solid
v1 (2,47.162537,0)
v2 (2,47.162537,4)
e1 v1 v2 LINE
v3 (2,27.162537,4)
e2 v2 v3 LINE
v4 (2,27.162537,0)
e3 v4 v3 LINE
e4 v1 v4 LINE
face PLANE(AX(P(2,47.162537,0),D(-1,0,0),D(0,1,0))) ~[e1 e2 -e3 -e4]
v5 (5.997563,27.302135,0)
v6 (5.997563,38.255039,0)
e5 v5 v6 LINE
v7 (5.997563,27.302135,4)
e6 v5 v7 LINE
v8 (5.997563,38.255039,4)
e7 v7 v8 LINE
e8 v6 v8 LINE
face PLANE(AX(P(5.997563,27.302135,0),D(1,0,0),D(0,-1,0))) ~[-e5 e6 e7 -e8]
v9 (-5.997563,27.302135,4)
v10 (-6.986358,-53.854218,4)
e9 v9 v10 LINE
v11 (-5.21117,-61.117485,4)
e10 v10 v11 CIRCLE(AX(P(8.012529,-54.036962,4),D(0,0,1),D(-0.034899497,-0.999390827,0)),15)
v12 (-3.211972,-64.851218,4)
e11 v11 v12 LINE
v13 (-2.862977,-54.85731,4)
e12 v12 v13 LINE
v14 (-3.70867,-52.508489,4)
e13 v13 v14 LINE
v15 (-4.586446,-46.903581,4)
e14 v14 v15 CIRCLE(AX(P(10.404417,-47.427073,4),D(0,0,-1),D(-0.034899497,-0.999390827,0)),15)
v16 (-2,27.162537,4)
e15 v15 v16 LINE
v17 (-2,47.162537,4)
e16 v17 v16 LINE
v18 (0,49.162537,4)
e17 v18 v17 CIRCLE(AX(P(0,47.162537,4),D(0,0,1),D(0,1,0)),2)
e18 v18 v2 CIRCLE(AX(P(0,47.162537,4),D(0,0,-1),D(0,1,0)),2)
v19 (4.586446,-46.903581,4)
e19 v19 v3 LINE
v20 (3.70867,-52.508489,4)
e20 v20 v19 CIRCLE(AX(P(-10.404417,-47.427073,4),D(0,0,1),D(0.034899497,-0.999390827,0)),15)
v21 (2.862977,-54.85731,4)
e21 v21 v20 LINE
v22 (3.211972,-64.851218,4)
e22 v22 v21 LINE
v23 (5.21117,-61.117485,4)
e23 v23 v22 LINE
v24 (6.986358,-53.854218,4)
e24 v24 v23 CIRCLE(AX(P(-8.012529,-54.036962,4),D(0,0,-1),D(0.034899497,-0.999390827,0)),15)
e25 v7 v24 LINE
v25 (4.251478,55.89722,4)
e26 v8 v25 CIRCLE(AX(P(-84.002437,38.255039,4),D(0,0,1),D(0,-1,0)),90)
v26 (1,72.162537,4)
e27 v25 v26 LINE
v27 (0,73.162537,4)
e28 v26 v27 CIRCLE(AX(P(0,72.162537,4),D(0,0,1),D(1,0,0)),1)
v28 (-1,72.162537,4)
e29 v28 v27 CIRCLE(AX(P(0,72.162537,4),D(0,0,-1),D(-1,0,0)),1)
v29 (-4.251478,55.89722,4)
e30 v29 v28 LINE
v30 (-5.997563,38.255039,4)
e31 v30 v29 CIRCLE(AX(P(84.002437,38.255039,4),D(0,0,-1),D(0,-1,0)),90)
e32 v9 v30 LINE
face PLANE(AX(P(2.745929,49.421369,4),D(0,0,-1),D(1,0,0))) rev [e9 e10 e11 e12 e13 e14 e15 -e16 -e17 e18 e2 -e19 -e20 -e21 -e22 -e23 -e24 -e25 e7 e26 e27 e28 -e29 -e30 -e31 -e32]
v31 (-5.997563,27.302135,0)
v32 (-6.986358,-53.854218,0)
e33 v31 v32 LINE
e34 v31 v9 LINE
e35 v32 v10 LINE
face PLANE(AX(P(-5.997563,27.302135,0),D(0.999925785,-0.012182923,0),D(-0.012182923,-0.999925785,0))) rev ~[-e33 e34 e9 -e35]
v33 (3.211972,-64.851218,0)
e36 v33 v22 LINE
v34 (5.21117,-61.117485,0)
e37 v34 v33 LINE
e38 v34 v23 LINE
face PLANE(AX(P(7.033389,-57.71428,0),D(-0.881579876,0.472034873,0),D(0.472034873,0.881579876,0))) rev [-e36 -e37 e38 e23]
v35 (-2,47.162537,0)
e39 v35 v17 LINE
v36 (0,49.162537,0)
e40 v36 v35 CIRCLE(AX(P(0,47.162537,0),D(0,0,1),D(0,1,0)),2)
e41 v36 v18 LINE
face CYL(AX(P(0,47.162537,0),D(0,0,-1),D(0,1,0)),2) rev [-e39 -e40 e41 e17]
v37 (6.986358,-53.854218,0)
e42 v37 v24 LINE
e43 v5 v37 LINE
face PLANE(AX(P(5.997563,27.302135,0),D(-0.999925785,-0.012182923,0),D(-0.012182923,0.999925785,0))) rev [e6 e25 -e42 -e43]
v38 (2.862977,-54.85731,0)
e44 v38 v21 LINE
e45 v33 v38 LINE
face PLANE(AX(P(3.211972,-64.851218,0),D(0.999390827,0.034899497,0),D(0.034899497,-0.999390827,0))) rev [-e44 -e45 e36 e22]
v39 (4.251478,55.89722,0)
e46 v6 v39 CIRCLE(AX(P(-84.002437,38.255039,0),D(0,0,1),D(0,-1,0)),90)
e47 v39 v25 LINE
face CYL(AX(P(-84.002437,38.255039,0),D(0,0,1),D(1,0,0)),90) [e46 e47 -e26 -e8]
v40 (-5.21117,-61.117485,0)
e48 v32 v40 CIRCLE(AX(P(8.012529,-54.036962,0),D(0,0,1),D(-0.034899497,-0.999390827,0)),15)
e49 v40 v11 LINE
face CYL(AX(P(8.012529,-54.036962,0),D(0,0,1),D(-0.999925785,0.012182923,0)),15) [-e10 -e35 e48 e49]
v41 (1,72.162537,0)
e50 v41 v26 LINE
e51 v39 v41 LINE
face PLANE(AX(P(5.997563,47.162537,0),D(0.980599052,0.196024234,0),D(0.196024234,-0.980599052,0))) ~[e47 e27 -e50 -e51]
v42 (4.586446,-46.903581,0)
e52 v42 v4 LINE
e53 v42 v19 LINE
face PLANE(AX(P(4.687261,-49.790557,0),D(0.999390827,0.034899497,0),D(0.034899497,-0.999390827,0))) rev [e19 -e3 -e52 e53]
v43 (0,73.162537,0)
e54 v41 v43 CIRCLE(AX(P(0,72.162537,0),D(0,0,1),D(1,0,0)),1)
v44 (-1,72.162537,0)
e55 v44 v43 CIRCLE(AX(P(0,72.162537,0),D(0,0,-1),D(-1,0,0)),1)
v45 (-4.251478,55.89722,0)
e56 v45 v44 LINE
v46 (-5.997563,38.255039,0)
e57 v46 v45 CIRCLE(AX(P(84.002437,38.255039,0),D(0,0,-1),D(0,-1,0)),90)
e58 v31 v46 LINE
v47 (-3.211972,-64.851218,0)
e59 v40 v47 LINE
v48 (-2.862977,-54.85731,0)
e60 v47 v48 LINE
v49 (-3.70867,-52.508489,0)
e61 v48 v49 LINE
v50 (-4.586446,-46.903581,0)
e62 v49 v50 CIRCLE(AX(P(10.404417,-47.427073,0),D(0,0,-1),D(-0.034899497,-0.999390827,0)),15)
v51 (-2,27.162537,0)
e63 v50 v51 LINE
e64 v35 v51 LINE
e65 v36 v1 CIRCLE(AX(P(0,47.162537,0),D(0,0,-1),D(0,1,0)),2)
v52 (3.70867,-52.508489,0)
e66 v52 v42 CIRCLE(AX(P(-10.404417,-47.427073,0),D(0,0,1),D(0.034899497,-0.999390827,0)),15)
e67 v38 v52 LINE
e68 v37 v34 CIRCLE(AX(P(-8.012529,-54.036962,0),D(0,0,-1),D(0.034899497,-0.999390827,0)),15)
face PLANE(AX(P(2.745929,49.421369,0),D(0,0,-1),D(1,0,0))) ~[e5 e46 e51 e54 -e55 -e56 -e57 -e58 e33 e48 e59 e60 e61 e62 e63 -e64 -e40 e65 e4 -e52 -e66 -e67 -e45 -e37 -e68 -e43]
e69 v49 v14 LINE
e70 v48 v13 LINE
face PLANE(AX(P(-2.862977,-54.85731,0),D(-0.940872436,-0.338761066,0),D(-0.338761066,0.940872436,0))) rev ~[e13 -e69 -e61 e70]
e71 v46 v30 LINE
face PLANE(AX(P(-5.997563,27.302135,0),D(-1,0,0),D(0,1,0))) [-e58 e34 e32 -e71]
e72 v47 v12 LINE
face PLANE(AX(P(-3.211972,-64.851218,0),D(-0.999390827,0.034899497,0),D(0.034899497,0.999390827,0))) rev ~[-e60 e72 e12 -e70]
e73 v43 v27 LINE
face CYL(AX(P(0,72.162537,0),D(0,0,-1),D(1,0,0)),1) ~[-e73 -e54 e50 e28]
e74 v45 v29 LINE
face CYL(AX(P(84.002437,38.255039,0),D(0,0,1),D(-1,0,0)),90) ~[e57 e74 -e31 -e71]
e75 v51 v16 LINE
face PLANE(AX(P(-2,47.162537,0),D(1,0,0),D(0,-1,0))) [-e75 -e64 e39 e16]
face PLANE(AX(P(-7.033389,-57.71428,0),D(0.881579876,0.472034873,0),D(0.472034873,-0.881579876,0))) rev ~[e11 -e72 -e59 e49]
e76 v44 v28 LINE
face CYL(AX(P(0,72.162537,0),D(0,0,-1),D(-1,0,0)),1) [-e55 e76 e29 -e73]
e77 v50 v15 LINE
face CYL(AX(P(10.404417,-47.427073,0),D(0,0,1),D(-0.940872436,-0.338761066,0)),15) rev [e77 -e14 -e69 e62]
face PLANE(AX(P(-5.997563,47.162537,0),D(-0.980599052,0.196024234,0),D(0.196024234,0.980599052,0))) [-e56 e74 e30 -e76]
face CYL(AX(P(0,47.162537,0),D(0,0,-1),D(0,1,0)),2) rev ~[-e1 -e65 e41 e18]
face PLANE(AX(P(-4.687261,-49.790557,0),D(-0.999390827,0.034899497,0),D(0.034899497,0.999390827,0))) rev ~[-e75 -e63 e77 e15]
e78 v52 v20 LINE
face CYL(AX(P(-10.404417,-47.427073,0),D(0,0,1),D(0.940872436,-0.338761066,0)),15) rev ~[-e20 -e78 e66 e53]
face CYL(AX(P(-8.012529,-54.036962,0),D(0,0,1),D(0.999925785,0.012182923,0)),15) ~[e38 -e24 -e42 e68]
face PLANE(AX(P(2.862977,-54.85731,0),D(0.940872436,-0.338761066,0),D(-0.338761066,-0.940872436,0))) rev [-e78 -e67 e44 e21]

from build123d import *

# Parameters (mm, degrees)
F1_DEPTH = 4
F2_R     = 15
F3_ANGLE = 2
F5_DEPTH = 4
F7_R     = 90


with BuildPart() as f1:
    # F0 (on Top) → F1 (new body)
    with BuildSketch(Plane.XY):
        Polygon((0, -64.8374632001), (0, -54.8374632001), (-2, -49.8374632001), (-2, 27.1625367999), (-6, 27.1625367999), (-4.0681642161, -57.8382376935), align=None)
    extrude(amount=F1_DEPTH)

    # F2
    f2_edges = [f1.edges().sort_by_distance(p)[0] for p in [
        (-4.068164, -57.838238, 2),
        (-2, -49.837463, 2),
    ]]
    fillet(f2_edges, radius=F2_R)


with BuildPart() as f1_1:
    # F3: moved
    add(f1.part.rotate(Axis((-2, 27.1625367999, 2), (0, 0, -1)), F3_ANGLE))

    # F4 (on face) → F5 (join)
    with BuildSketch(Plane(origin=(0, 0, 0), x_dir=(1, 0, 0), z_dir=(0, 0, -1))):
        with BuildLine():
            Line((-2, -47.1625367999), (-2, -27.1625367999))
            Line((-2, -27.1625367999), (-5.9975633081, -27.3021347867))
            Line((-5.9975633081, -27.3021347867), (-5.9975633081, -47.1625367999))
            Line((-5.9975633081, -47.1625367999), (-1, -72.1625367999))
            ThreePointArc((-1, -72.1625367999), (-0.7071067812, -72.8696435811), (0, -73.1625367999))
            Line((0, -73.1625367999), (0, -49.1625367999))
            ThreePointArc((0, -49.1625367999), (-1.4142135624, -48.5767503623), (-2, -47.1625367999))
        make_face()
    extrude(amount=-F5_DEPTH)

    # F6: F1 across plane


with BuildPart() as f1_2:
    add(f1_1.part)
    add(f1_1.part.mirror(Plane.YZ))

    # F7
    f7_edges = [f1_2.edges().sort_by_distance(p)[0] for p in [
        (-5.997563, 47.162537, 2),
        (5.997563, 47.162537, 2),
    ]]
    fillet(f7_edges, radius=F7_R)


solid = f1_2.part
